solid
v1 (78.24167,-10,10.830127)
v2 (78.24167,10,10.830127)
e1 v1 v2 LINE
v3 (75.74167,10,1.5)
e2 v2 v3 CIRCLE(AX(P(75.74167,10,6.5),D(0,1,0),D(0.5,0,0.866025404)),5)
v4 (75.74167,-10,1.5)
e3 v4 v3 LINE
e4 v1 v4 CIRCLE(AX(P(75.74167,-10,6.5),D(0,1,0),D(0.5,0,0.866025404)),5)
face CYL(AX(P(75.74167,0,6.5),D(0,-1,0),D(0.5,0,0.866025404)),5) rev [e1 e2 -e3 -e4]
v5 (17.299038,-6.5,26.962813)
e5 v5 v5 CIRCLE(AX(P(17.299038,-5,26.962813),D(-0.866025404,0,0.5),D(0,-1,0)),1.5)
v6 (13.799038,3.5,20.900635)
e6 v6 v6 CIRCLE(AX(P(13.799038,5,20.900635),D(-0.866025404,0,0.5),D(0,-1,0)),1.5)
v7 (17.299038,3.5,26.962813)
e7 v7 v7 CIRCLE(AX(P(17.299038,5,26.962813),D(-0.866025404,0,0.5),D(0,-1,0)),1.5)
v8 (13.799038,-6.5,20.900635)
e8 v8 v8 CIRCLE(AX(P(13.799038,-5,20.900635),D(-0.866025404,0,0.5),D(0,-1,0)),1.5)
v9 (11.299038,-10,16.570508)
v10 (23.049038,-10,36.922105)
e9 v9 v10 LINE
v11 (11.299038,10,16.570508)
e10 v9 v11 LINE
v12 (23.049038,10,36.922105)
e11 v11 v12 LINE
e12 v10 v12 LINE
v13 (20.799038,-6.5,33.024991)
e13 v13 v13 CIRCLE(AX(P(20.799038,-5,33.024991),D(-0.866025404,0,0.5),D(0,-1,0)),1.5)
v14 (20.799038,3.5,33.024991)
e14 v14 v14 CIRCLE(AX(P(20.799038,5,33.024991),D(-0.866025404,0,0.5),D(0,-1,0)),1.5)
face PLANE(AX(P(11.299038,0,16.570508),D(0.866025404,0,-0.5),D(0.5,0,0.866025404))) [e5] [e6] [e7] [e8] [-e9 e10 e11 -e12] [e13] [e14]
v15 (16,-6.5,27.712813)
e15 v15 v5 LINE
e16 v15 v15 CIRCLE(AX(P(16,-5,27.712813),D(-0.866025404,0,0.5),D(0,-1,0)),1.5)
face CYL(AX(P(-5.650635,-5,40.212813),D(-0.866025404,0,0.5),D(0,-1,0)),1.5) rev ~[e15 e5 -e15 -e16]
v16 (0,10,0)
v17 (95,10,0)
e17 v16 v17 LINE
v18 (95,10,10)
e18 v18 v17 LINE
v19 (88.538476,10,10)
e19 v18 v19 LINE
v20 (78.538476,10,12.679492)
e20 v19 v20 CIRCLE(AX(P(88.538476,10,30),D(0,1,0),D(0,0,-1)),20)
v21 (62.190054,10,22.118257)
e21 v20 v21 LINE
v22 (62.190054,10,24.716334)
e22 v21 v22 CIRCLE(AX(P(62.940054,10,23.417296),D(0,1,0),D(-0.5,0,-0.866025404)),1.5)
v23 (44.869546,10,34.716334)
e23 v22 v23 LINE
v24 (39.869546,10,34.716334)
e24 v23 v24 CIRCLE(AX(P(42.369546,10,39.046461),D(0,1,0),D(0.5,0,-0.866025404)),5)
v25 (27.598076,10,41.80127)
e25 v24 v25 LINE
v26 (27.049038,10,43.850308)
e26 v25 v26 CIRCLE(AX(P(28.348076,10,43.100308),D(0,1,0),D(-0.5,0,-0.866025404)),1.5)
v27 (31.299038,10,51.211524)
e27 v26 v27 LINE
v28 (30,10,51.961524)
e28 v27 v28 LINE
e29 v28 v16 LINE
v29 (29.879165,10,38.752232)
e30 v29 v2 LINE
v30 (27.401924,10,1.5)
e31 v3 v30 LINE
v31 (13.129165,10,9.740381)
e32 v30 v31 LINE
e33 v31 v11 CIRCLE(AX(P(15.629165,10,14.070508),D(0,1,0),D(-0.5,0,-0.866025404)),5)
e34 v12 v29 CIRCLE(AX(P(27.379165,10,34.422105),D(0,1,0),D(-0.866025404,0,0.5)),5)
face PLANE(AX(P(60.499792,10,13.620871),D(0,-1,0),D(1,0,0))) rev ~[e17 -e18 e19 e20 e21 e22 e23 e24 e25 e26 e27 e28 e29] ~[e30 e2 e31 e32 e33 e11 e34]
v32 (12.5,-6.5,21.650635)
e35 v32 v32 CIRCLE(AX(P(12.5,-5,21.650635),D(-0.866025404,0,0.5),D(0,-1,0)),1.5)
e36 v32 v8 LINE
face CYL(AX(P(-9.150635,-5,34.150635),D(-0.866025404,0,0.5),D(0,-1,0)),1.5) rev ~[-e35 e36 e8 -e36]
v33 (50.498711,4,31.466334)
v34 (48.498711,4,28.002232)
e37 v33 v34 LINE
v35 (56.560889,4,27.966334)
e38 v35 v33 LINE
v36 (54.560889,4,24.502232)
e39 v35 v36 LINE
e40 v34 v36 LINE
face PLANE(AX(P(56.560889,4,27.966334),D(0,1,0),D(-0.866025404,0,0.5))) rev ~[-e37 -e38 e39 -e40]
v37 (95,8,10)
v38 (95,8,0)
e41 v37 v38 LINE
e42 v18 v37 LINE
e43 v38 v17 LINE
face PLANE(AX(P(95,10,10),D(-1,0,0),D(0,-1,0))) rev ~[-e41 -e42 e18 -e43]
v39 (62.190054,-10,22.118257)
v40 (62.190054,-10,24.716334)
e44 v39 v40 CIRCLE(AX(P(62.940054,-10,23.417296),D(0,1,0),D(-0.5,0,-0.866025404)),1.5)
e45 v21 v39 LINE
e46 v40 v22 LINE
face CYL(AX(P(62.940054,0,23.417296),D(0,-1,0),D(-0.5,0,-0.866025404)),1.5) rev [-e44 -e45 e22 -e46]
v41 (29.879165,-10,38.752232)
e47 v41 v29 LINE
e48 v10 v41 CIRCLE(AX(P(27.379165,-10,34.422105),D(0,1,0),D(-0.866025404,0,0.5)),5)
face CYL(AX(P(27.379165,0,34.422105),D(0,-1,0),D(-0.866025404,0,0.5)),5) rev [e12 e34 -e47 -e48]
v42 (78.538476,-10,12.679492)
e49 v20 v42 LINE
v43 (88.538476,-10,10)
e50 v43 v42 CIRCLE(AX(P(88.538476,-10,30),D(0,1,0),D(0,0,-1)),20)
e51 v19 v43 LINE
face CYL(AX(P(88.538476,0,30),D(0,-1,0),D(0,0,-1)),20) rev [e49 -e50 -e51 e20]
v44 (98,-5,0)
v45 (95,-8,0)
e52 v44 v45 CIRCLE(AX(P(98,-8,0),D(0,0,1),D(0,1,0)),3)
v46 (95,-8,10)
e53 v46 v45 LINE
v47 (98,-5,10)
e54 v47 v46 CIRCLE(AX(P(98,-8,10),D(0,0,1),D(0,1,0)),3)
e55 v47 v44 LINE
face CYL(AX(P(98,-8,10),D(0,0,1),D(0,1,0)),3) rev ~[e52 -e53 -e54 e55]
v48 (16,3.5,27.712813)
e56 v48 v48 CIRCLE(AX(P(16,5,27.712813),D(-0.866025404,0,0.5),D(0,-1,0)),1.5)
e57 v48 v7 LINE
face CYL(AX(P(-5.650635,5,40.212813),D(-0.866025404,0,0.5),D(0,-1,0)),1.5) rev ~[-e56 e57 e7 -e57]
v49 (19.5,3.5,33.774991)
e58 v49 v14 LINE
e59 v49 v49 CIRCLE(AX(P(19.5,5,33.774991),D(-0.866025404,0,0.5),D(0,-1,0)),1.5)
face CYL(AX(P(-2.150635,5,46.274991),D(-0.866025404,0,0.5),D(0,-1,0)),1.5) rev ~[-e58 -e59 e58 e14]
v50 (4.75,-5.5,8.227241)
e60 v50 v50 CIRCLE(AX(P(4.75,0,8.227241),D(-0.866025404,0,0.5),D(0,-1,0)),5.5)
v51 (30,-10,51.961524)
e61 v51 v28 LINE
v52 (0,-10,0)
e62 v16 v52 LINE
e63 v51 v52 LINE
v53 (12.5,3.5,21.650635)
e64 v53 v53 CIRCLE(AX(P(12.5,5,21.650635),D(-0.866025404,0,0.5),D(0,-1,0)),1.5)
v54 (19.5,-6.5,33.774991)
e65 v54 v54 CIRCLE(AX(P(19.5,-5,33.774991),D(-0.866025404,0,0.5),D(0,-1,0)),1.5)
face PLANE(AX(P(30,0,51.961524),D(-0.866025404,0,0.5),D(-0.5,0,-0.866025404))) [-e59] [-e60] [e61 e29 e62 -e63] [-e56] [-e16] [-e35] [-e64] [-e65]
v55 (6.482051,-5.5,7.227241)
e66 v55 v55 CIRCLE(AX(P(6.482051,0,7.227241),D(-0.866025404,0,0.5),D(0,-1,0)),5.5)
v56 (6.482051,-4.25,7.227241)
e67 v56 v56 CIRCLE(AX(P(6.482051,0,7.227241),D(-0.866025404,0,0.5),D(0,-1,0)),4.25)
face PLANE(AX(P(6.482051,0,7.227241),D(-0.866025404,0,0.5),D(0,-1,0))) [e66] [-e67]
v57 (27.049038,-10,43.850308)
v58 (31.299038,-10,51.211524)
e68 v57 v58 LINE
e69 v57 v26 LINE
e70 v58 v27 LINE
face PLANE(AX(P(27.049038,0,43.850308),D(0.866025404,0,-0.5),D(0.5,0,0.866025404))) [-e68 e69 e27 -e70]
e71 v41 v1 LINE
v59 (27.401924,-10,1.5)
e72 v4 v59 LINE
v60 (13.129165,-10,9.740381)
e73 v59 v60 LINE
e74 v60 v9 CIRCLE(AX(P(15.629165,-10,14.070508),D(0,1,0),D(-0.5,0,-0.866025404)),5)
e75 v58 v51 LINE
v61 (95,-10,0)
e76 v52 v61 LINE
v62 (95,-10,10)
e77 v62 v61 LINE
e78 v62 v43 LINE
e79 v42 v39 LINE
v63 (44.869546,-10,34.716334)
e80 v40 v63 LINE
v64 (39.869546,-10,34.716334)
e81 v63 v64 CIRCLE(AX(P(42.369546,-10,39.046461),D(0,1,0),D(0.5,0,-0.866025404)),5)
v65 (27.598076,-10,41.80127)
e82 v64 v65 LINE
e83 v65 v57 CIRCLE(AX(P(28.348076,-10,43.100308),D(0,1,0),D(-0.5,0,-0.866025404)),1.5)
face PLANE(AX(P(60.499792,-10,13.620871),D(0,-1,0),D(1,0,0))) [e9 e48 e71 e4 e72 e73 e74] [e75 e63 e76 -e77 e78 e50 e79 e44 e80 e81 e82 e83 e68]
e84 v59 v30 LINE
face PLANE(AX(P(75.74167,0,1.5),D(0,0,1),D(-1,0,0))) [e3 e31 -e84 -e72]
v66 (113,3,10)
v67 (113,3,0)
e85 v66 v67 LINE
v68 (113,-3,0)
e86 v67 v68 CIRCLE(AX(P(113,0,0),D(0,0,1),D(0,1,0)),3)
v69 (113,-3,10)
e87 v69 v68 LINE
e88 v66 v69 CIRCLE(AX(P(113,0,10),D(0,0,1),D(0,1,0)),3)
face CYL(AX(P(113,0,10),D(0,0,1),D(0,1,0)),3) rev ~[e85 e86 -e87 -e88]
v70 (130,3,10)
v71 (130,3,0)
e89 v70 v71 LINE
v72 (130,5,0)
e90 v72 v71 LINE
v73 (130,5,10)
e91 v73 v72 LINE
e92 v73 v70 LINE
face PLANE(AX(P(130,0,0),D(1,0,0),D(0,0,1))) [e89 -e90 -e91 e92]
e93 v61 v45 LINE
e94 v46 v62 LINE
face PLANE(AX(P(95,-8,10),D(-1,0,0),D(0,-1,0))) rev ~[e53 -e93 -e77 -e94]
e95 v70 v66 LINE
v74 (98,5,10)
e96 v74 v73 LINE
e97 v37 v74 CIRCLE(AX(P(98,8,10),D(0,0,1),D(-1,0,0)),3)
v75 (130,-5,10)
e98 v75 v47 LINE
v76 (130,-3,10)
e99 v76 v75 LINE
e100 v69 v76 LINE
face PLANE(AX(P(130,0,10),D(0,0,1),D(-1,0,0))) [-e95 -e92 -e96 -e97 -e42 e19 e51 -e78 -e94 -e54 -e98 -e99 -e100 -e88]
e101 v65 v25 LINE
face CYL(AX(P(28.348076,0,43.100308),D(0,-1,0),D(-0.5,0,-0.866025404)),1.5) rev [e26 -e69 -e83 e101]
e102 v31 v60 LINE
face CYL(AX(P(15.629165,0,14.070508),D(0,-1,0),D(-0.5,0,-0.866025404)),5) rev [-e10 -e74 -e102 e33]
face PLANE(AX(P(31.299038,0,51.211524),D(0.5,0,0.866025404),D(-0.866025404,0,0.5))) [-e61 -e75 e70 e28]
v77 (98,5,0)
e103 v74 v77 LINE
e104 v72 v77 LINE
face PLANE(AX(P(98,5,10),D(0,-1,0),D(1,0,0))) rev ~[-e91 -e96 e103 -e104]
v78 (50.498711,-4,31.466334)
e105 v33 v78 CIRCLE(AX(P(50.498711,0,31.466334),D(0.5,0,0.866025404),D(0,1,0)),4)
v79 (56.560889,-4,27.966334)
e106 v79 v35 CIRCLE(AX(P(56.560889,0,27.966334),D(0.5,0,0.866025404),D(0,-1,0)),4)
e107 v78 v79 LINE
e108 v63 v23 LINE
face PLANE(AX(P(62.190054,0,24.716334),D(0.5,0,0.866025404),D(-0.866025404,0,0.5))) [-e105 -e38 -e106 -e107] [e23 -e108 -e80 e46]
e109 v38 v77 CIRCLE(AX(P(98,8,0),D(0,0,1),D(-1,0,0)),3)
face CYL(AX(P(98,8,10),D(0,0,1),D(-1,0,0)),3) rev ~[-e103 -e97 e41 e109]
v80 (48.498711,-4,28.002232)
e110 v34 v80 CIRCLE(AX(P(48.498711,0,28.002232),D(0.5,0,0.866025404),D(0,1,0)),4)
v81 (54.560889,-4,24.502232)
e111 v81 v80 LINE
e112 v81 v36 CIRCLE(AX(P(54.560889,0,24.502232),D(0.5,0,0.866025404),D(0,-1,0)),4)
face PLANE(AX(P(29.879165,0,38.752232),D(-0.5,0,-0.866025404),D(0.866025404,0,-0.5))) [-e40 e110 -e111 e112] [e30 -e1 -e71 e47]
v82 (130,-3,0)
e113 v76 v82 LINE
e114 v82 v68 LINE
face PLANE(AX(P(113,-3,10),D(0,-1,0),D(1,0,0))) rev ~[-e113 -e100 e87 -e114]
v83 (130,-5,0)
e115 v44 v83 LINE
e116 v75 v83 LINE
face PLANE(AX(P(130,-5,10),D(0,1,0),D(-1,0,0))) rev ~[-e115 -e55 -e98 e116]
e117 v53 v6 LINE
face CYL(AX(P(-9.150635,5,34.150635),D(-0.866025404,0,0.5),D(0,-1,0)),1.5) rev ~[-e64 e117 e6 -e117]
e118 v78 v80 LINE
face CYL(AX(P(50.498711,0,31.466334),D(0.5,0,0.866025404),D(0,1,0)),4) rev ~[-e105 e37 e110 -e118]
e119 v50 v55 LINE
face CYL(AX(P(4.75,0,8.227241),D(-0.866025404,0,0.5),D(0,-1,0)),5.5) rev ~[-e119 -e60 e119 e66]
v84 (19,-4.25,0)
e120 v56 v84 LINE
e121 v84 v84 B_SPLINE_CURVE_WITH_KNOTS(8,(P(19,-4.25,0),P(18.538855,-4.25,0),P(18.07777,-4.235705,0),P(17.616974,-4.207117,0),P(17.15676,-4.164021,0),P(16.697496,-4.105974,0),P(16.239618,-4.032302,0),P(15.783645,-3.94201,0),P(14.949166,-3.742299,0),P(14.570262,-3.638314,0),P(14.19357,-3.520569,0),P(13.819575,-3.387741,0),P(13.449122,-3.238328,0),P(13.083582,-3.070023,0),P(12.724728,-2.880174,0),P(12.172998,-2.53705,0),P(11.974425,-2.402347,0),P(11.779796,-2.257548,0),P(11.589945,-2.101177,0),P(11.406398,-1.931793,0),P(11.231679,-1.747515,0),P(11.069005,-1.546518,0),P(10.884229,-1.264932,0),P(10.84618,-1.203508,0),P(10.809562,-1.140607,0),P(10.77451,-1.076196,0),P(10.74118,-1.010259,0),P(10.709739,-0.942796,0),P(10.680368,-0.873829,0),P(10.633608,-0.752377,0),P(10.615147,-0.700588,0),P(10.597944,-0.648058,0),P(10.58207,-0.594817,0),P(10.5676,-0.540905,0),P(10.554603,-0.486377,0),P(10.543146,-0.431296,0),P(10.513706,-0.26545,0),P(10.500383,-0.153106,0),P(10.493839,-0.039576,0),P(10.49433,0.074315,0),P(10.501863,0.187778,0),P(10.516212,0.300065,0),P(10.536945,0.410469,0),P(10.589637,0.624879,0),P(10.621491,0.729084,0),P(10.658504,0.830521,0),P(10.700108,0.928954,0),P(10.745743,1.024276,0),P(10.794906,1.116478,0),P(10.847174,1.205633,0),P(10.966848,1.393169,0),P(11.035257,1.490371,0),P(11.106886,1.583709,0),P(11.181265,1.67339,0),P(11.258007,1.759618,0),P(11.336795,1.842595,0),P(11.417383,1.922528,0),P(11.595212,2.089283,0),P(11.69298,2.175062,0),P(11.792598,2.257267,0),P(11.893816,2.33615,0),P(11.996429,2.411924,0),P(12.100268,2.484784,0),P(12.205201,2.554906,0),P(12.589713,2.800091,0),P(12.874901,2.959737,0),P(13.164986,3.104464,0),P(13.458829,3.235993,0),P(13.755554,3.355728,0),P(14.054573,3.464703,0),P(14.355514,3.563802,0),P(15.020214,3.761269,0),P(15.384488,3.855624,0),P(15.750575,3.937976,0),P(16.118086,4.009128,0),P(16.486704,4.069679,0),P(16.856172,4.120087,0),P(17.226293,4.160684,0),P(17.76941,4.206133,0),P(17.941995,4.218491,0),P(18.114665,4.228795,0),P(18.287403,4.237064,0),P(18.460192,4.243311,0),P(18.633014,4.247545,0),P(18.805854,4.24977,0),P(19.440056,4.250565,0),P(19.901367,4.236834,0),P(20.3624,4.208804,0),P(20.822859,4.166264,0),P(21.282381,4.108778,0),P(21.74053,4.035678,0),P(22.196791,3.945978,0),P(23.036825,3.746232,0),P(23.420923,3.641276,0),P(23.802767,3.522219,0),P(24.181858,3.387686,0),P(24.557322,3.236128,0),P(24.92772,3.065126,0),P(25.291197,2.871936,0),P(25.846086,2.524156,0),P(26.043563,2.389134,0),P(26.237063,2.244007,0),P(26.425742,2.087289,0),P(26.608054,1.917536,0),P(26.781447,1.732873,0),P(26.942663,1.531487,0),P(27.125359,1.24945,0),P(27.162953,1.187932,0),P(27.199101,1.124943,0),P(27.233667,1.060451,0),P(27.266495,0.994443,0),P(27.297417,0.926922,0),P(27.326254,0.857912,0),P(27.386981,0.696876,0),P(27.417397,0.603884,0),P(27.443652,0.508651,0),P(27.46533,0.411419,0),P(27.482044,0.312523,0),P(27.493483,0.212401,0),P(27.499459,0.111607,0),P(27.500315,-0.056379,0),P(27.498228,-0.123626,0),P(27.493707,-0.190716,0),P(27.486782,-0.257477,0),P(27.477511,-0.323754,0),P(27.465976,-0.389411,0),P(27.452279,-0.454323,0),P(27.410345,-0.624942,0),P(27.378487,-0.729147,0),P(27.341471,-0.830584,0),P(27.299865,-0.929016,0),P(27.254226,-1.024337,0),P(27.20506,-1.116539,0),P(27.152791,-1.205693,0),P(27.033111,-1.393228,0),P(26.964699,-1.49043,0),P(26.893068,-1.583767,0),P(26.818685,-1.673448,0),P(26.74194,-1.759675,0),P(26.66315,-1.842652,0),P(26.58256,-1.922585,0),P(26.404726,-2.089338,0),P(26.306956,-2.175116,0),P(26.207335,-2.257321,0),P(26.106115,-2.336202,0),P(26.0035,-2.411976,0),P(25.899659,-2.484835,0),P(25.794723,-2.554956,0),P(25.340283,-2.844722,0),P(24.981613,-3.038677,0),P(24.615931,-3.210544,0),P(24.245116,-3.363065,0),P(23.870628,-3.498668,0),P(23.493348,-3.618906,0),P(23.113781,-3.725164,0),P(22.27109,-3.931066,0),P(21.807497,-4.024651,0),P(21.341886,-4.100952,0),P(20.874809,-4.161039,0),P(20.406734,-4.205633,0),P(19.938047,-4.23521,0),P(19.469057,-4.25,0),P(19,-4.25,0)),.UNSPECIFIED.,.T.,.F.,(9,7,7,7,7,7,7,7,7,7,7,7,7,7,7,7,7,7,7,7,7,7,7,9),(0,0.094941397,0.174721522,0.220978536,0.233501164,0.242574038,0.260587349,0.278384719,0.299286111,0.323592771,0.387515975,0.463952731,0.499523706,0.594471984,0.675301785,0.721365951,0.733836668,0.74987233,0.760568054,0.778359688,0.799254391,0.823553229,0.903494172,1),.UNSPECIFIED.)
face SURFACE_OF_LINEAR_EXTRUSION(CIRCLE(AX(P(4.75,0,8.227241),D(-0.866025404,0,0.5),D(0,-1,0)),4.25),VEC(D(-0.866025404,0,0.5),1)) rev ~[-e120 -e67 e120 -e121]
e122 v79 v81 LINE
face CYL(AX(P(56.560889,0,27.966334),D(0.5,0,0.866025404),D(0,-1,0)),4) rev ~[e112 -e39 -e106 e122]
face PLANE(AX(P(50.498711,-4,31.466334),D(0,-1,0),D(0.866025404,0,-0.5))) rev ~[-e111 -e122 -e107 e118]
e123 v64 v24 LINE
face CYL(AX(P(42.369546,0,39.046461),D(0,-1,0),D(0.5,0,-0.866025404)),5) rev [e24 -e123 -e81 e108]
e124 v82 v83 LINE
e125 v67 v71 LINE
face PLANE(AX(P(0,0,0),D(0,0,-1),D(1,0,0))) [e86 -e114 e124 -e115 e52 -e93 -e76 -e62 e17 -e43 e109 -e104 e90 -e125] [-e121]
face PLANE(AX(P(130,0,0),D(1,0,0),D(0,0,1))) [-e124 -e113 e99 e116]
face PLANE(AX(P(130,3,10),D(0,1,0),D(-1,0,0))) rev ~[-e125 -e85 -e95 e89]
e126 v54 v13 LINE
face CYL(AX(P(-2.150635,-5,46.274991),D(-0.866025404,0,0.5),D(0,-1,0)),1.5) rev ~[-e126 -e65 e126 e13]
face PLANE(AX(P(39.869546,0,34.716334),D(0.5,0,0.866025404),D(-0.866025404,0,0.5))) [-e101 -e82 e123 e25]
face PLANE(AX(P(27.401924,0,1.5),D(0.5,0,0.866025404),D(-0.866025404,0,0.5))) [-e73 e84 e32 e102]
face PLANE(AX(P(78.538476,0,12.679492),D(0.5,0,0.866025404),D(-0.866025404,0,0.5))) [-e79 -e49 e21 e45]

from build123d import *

# Parameters (mm, degrees)
F1_DEPTH  = 10
F4_DEPTH  = 8
F5_R      = 1.5
F6_DEPTH  = 30.83145
F7_R      = 5.5
F7_R_2    = 4.25
F8_DEPTH  = 2
F9_DEPTH  = 112.584302492
F11_DEPTH = 25


with BuildPart() as f1:
    # F0 (on Front) → F1 (new body, symmetric)
    with BuildSketch(Plane.XZ):
        with BuildLine():
            Line((30, 51.9615242271), (0, 0))
            Line((0, 0), (130, 0))
            Line((130, 0), (130, 10))
            Line((130, 10), (88.5384757729, 10))
            ThreePointArc((88.5384757729, 10), (83.3620948709, 10.6814834742), (78.5384757729, 12.6794919243))
            Line((78.5384757729, 12.6794919243), (62.1900542571, 22.1182574873))
            ThreePointArc((62.1900542571, 22.1182574873), (61.4400542571, 23.417295593), (62.1900542571, 24.7163336987))
            Line((62.1900542571, 24.7163336987), (44.8695461814, 34.7163336987))
            ThreePointArc((44.8695461814, 34.7163336987), (42.3695461814, 34.0464607176), (39.8695461814, 34.7163336987))
            Line((39.8695461814, 34.7163336987), (27.5980762114, 41.8012701892))
            ThreePointArc((27.5980762114, 41.8012701892), (26.8991874719, 42.7120797272), (27.0490381057, 43.8503082949))
            Line((27.0490381057, 43.8503082949), (31.2990381057, 51.2115242271))
            Line((31.2990381057, 51.2115242271), (30, 51.9615242271))
        make_face()
        with BuildLine():
            ThreePointArc((13.1291651246, 9.7403810568), (10.7995359932, 12.7764128502), (11.2990381057, 16.5705080757))
            Line((11.2990381057, 16.5705080757), (23.0490381057, 36.9221050646))
            ThreePointArc((23.0490381057, 36.9221050646), (26.0850698991, 39.2517341961), (29.8791651246, 38.7522320835))
            Line((29.8791651246, 38.7522320835), (78.2416697508, 10.8301270189))
            ThreePointArc((78.2416697508, 10.8301270189), (80.5712988822, 5.2059047745), (75.7416697508, 1.5))
            Line((75.7416697508, 1.5), (27.4019237886, 1.5))
            Line((27.4019237886, 1.5), (13.1291651246, 9.7403810568))
        make_face(mode=Mode.SUBTRACT)
    extrude(amount=F1_DEPTH, both=True)

    # F2 (on face) → F4 (cut)
    with BuildSketch(Plane(origin=(26.25, 0, 45.4663336987), x_dir=(0.8660254038, 0, -0.5), z_dir=(0.5, 0, 0.8660254038))):
        with BuildLine():
            ThreePointArc((28, 4), (24, 0), (28, -4))
            Line((28, -4), (35, -4))
            ThreePointArc((35, -4), (39, 0), (35, 4))
            Line((35, 4), (28, 4))
        make_face()
    extrude(amount=-F4_DEPTH, mode=Mode.SUBTRACT)

    # F5 (on offset) → F6 (cut)
    with BuildSketch(Plane(origin=(-21.6506350946, 0, 12.5), x_dir=(0, -1, 0), z_dir=(-0.8660254038, 0, 0.5))):
        with Locations((-5, 39)):
            Circle(F5_R)
        with Locations((5, 39)):
            Circle(F5_R)
        with Locations((-5, 32)):
            Circle(F5_R)
        with Locations((5, 32)):
            Circle(F5_R)
        with Locations((5, 25)):
            Circle(F5_R)
        with Locations((-5, 25)):
            Circle(F5_R)
    extrude(amount=-F6_DEPTH, mode=Mode.SUBTRACT)

    # F7 (on face) → F8 (cut)
    with BuildSketch(Plane(origin=(0, 0, 0), x_dir=(0, -1, 0), z_dir=(-0.8660254038, 0, 0.5))):
        with Locations((0, 9.5)):
            Circle(F7_R)
        with Locations((0, 9.5)):
            Circle(F7_R_2, mode=Mode.SUBTRACT)
    extrude(amount=-F8_DEPTH, mode=Mode.SUBTRACT)

    # F9 (cut, through all): a face of the model
    f9_faces = [f1.faces().sort_by_distance(p)[0] for p in [
        (4.75, 0, 8.227241336),
    ]]
    extrude(f9_faces, amount=-F9_DEPTH, mode=Mode.SUBTRACT)

    # F10 (on face) → F11 (cut)
    with BuildSketch(Plane.XY.offset(10)):
        with BuildLine():
            ThreePointArc((95, 8), (95.8786796564, 5.8786796564), (98, 5))
            Line((98, 5), (130, 5))
            Line((130, 5), (130, 10))
            Line((130, 10), (95, 10))
            Line((95, 10), (95, 8))
        make_face()
        with BuildLine():
            Line((130, -3), (130, 3))
            Line((130, 3), (113, 3))
            ThreePointArc((113, 3), (110, 0), (113, -3))
            Line((113, -3), (130, -3))
        make_face()
        with BuildLine():
            Line((130, -10), (130, -5))
            Line((130, -5), (98, -5))
            ThreePointArc((98, -5), (95.8786796564, -5.8786796564), (95, -8))
            Line((95, -8), (95, -10))
            Line((95, -10), (130, -10))
        make_face()
    extrude(amount=-F11_DEPTH, mode=Mode.SUBTRACT)


solid = f1.part
